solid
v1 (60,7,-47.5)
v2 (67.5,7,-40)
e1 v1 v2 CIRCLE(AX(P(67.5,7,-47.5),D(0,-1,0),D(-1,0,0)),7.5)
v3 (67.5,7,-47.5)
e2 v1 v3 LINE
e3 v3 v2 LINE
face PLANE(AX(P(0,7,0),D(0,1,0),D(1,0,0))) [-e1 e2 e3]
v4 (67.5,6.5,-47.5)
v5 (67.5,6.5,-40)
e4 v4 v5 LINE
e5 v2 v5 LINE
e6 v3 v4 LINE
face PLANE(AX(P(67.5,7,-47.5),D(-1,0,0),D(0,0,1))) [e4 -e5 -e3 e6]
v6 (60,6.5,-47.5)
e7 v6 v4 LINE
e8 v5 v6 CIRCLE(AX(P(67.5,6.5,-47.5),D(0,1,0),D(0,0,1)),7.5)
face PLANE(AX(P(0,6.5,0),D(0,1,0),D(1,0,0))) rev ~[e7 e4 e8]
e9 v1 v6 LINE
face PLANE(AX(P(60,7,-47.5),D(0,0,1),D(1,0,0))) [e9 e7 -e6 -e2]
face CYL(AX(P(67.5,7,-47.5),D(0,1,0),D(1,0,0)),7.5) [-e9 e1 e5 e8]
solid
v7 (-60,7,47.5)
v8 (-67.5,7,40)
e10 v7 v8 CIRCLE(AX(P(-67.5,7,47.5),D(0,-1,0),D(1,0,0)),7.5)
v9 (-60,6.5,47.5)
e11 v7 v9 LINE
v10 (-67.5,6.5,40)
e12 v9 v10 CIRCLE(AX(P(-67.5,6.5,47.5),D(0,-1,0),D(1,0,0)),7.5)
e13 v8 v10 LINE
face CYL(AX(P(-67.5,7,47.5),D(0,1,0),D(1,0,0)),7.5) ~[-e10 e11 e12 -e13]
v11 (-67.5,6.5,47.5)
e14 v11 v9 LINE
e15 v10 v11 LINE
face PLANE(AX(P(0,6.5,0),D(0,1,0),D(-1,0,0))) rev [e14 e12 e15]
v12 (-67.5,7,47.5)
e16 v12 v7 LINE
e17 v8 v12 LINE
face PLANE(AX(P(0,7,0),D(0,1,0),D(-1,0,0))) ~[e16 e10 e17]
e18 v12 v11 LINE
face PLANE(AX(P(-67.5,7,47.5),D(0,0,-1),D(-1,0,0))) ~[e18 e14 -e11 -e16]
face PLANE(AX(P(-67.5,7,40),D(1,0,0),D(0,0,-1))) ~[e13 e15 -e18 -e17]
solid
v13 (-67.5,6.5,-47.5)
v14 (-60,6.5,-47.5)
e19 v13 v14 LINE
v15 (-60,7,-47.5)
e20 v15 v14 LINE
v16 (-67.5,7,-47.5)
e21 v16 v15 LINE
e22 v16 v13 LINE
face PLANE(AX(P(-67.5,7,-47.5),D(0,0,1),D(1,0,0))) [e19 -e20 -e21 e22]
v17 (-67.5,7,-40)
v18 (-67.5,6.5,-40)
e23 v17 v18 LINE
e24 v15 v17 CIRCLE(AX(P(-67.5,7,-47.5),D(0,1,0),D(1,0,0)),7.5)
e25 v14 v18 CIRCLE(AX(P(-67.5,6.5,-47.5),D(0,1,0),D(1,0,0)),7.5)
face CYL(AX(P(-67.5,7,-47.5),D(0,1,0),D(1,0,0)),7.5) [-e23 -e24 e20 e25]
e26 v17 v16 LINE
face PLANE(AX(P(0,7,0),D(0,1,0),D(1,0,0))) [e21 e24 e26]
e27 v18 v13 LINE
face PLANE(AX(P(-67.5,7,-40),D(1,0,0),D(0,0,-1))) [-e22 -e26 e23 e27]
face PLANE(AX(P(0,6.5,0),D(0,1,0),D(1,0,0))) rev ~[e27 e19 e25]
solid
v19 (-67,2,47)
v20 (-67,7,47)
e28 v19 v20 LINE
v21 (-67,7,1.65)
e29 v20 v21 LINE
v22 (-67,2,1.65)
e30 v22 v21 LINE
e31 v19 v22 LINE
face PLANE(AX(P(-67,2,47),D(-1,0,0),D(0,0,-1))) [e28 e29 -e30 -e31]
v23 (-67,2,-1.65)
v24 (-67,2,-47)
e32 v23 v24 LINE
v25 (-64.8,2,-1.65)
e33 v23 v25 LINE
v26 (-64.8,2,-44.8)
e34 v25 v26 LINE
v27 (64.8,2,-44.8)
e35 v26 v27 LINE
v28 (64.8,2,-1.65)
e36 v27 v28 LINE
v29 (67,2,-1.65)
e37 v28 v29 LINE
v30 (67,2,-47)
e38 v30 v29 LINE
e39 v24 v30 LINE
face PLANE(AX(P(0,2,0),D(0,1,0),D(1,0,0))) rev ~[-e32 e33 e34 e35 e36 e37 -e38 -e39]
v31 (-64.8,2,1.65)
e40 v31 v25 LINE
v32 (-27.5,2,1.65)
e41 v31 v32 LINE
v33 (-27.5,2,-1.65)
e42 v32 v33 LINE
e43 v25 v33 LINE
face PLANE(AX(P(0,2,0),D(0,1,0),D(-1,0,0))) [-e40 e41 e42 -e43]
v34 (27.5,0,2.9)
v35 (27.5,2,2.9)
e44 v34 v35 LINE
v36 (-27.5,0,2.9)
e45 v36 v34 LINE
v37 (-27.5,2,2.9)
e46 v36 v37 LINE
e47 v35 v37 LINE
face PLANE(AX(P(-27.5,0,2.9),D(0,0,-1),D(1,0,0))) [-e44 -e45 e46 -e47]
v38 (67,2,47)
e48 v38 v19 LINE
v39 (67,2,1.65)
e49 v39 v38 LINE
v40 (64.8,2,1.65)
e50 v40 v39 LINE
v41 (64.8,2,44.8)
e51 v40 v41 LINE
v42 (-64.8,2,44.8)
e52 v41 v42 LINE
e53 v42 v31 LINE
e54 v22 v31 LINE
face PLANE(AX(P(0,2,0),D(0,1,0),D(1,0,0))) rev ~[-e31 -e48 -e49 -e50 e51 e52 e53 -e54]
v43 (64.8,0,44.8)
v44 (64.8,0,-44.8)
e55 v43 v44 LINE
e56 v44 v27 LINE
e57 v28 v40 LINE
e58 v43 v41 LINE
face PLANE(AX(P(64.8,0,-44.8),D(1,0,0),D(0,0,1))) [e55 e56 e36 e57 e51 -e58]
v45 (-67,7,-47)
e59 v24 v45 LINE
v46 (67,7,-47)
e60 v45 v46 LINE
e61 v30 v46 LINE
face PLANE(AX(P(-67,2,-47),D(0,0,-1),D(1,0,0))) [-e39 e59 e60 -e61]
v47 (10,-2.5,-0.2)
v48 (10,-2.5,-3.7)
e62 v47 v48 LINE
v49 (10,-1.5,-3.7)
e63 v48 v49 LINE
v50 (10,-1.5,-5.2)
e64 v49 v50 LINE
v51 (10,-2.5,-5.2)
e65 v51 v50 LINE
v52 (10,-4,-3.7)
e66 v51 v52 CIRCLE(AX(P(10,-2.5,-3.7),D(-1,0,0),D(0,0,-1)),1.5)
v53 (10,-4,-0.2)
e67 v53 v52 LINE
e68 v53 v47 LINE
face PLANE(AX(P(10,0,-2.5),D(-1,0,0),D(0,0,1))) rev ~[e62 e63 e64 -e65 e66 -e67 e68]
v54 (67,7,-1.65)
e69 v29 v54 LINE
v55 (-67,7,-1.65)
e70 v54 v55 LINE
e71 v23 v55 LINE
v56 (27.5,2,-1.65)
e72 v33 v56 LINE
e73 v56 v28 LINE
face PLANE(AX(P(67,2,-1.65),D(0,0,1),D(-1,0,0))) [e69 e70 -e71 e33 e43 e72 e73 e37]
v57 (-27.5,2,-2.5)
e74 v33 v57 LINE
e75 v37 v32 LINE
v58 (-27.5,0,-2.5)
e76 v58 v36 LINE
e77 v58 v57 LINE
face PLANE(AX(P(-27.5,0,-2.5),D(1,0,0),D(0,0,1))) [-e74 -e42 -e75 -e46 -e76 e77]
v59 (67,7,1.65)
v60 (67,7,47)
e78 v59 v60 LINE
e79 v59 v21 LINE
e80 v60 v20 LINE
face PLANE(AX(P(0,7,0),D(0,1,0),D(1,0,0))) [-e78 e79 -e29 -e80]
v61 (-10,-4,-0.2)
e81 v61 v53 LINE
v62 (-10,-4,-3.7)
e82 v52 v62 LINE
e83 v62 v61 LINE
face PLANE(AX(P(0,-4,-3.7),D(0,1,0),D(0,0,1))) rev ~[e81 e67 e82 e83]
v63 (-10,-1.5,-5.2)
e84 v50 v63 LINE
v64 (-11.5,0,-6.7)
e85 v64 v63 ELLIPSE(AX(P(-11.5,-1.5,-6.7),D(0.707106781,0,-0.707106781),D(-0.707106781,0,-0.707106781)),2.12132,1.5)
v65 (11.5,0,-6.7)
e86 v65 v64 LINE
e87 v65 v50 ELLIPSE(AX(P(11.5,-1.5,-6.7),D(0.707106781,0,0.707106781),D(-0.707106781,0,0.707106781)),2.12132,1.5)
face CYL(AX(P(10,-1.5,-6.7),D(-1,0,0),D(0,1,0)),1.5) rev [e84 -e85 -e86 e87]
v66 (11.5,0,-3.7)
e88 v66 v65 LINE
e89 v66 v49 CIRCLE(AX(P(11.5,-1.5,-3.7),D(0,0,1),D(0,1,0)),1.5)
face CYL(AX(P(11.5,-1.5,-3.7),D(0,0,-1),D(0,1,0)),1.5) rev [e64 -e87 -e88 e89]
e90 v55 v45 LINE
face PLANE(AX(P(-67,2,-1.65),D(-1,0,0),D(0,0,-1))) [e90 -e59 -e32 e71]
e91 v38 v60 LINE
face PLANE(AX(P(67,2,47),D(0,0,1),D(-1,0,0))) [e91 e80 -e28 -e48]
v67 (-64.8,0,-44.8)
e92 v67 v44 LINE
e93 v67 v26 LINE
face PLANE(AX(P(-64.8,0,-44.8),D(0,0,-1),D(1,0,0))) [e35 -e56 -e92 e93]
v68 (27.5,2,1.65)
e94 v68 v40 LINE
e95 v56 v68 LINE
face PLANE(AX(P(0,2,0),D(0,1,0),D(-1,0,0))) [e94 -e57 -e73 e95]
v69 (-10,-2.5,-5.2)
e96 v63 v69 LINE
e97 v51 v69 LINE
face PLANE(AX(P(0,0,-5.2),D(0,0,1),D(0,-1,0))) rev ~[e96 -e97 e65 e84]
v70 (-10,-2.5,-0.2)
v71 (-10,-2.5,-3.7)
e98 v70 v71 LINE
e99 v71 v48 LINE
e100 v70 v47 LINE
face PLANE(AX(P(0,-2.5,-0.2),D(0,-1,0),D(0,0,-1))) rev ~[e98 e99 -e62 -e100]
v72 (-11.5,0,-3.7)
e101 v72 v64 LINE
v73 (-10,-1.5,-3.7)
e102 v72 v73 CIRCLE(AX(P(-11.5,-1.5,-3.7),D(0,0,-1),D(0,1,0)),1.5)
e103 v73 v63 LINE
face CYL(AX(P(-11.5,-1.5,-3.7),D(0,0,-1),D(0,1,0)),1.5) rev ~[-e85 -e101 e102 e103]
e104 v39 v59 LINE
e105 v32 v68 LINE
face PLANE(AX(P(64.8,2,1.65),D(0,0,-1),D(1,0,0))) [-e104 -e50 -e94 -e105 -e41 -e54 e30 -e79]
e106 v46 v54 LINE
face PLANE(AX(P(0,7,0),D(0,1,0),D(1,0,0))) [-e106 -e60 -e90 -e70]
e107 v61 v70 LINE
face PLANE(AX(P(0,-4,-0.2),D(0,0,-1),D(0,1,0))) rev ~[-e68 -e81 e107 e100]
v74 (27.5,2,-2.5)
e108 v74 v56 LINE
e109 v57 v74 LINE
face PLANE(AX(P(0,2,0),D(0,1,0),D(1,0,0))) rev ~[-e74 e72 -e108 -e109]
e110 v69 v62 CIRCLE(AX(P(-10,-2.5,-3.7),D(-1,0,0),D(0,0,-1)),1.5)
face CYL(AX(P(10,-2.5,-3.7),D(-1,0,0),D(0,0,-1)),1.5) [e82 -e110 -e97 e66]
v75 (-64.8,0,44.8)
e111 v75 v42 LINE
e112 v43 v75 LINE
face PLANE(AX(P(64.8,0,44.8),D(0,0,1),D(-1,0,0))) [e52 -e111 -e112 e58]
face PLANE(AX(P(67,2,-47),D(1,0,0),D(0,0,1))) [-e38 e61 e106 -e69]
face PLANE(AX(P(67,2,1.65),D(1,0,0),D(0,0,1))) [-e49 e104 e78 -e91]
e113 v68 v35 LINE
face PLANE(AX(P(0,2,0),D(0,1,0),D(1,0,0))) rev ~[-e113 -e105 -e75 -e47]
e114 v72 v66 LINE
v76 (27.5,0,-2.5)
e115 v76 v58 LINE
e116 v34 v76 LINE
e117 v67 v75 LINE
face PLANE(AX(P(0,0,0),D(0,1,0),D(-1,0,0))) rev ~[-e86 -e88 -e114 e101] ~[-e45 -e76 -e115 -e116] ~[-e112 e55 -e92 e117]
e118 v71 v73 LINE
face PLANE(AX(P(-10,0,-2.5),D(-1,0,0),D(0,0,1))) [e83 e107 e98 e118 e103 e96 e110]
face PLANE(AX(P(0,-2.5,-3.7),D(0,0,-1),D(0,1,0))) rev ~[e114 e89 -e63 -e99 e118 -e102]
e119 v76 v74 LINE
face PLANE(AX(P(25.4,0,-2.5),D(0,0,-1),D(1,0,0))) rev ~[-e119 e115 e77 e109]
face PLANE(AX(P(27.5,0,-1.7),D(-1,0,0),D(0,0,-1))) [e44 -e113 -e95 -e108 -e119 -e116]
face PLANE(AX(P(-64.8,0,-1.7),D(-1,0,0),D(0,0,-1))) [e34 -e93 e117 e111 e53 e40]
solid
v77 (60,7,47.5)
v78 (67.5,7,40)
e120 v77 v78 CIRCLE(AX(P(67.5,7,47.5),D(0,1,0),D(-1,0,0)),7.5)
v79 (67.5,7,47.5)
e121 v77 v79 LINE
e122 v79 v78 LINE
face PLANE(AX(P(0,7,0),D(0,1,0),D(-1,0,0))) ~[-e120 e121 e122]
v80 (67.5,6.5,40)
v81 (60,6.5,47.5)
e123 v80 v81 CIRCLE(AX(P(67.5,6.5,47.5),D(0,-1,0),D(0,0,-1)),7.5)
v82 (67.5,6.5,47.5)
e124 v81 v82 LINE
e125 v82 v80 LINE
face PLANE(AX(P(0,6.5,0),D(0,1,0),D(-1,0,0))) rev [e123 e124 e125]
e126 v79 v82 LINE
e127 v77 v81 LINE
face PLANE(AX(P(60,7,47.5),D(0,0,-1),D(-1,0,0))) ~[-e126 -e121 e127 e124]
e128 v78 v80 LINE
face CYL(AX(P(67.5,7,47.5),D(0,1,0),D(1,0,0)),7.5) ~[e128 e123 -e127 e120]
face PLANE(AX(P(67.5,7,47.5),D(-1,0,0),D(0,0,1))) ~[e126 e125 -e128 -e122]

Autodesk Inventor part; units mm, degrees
ref_plane "YZ Plane" through (0, 0, 0) normal (1, 0, 0) x (0, 1, 0)
ref_plane "XZ Plane" through (0, 0, 0) normal (0, 1, 0) x (-1, 0, 0)
sketch "스케치1" plane through (0, 0, 0) normal (0, 1, 0) x (-1, 0, 0)
  line L0 (64.8, -44.8) -> (-64.8, -44.8)
  line L1 (-64.8, -44.8) -> (-64.8, 44.8)
  line L2 (-64.8, 44.8) -> (64.8, 44.8)
  line L3 (64.8, 44.8) -> (64.8, -44.8)
  line L4 (64.8, -44.8) -> (-64.8, 44.8) construction
  line L5 (-64.8, -44.8) -> (64.8, 44.8) construction
  line L6 (64.8, -1.7) -> (-64.8, -1.7)
  line L7 (-64.8, -1.7) -> (-64.8, 1.7)
  line L8 (-64.8, 1.7) -> (64.8, 1.7)
  line L9 (64.8, 1.7) -> (64.8, -1.7)
  line L10 (64.8, -1.7) -> (-64.8, 1.7) construction
  line L11 (-64.8, -1.7) -> (64.8, 1.7) construction
  line L12 (27.5, 6.5) -> (-27.5, 6.5)
  line L13 (-27.5, 6.5) -> (-27.5, -3.5)
  line L14 (-27.5, -3.5) -> (27.5, -3.5)
  line L15 (27.5, -3.5) -> (27.5, 6.5)
  line L16 (-27.5, -3.5) -> (-24.5, -3.5)
  line L17 (-24.5, -3.5) -> (-24.5, 6.5)
  line L18 (-24.5, 6.5) -> (-27.5, 6.5)
  line L19 (-27.5, 6.5) -> (-27.5, -3.5)
  line L20 (27.5, -3.5) -> (24.5, -3.5)
  line L21 (24.5, -3.5) -> (24.5, 6.5)
  line L22 (24.5, 6.5) -> (27.5, 6.5)
  line L23 (27.5, 6.5) -> (27.5, -3.5)
  line L24 (25.5, -2.5) -> (20.1, -2.5)
  line L25 (20.1, -2.5) -> (20.1, 2.9)
  line L26 (20.1, 2.9) -> (25.5, 2.9)
  line L27 (25.5, 2.9) -> (25.5, -2.5)
  line L28 (13.6, -2.5) -> (13.6, 2.9)
  line L29 (19, -2.5) -> (13.6, -2.5)
  line L30 (19, 2.9) -> (19, -2.5)
  line L31 (13.6, 2.9) -> (19, 2.9)
  line L32 (7.1, -2.5) -> (7.1, 2.9)
  line L33 (12.5, -2.5) -> (7.1, -2.5)
  line L34 (12.5, 2.9) -> (12.5, -2.5)
  line L35 (7.1, 2.9) -> (12.5, 2.9)
  line L36 (0.6, -2.5) -> (0.6, 2.9)
  line L37 (6, -2.5) -> (0.6, -2.5)
  line L38 (6, 2.9) -> (6, -2.5)
  line L39 (0.6, 2.9) -> (6, 2.9)
  line L40 (-5.9, -2.5) -> (-5.9, 2.9)
  line L41 (-0.5, -2.5) -> (-5.9, -2.5)
  line L42 (-0.5, 2.9) -> (-0.5, -2.5)
  line L43 (-5.9, 2.9) -> (-0.5, 2.9)
  line L44 (-12.4, -2.5) -> (-12.4, 2.9)
  line L45 (-7, -2.5) -> (-12.4, -2.5)
  line L46 (-7, 2.9) -> (-7, -2.5)
  line L47 (-12.4, 2.9) -> (-7, 2.9)
  line L48 (-18.9, -2.5) -> (-18.9, 2.9)
  line L49 (-13.5, -2.5) -> (-18.9, -2.5)
  line L50 (-13.5, 2.9) -> (-13.5, -2.5)
  line L51 (-18.9, 2.9) -> (-13.5, 2.9)
  line L52 (-25.4, -2.5) -> (-25.4, 2.9)
  line L53 (-20, -2.5) -> (-25.4, -2.5)
  line L54 (-20, 2.9) -> (-20, -2.5)
  line L55 (-25.4, 2.9) -> (-20, 2.9)
  line L56 (27.5, 2.9) -> (-27.5, 2.9)
  line L57 (27.5, -2.5) -> (-27.5, -2.5)
  point P0 (0, 0)
  point P1 (0, 6.5)
  point P2 (-27.5, 2.9)
  point P3 (27.5, 2.9)
  dimension "d0" = 129.6
  dimension "d1" = 89.6
  dimension "d2" = 3.4
  dimension "d14" = 55
  dimension "d15" = 10
  dimension "d16" = 3
  dimension "d17" = 3
  dimension "d18" = 5.4
  dimension "d19" = 5.4
  dimension "d20" = 2
  dimension "d21" = 1
  dimension "d22" = 6.5
  dimension "d24" = 2.5
extrude "돌출3" add sketch "스케치1" along normal blind 2 contours L0 L1 L6 L13 L14 L15 L3 | L6 L15 L8 L3 | L1 L8 L13 L6 | L8 L15 L12 L13 L1 L2 L3 | L15 L14 L21 L24 L57 | L57 L53 L17 L14 L13 | L56 L26 L21 L12 L15 | L13 L12 L17 L55 L56 | L21 L14 L17 L53 L57 L49 L45 L41 L37 L33 L29 L24 | L26 L56 L31 L35 L39 L43 L47 L51 L55 L17 L12 L21
ref_plane "작업 평면1" through (0, 0, -2.5) normal (-1, 0, 0) x (0, 0, 1)
sketch "스케치6" plane through (0, 0, -2.5) normal (-1, 0, 0) x (0, 0, 1)
  line L0 (-1.2, 0) -> (-2.7, 0)
  line L1 (-2.7, 0) -> (-2.7, -4)
  line L2 (-2.7, -4) -> (-1.2, -4)
  line L3 (-1.2, -4) -> (-1.2, 0)
  line L4 (-2.7, -4) -> (2.3, -4)
  line L5 (2.3, -4) -> (2.3, -2.5)
  line L6 (2.3, -2.5) -> (-2.7, -2.5)
  line L7 (-2.7, -2.5) -> (-2.7, -4)
  point P0 (2.5, 0)
  point P1 (0, 0)
  point P2 (-1.2, -4)
  point P3 (-1.2, -2.5)
  dimension "d37" = 1.5
  dimension "d38" = 1.5
  dimension "d39" = 2.5
  dimension "d40" = 1.2
  dimension "d41" = 5
extrude "돌출5" add sketch "스케치6" along normal mid plane 20
fillet "모깎기1" radius 1.5 4 edges at (-10, 0, -4.45) (0, 0, -5.2) (10, 0, -4.45) (0, -4, -5.2)
sketch "스케치7" plane through (0, 2, 0) normal (0, 1, 0) x (1, 0, 0)
  line L0 (67, -47) -> (-67, -47)
  line L1 (-67, -47) -> (-67, 47)
  line L2 (-67, 47) -> (67, 47)
  line L3 (67, 47) -> (67, -47)
  line L4 (67, -47) -> (-67, 47) construction
  line L5 (-67, -47) -> (67, 47) construction
  line L6 (64.8, 44.8) -> (-64.8, 44.8) projected
  line L7 (-64.8, 44.8) -> (-64.8, -44.8) projected
  line L8 (-64.8, -44.8) -> (64.8, -44.8) projected
  line L9 (64.8, -44.8) -> (64.8, 44.8) projected
  line L10 (27.5, 2.5) -> (27.5, -2.9) projected
  line L11 (27.5, -2.9) -> (-27.5, -2.9) projected
  line L12 (-27.5, -2.9) -> (-27.5, 2.5) projected
  line L13 (-27.5, 2.5) -> (27.5, 2.5) projected
  line L14 (64.8, -44.8) -> (64.8, 44.8) projected
  line L15 (-67, -1.65) -> (67, -1.65)
  line L16 (67, -1.65) -> (67, 1.65)
  line L17 (67, 1.65) -> (-67, 1.65)
  line L18 (-67, 1.65) -> (-67, -1.65)
  line L19 (-67, -1.65) -> (67, 1.65) construction
  line L20 (67, -1.65) -> (-67, 1.65) construction
  point P0 (0, 0)
  point P1 (67, -2.9)
  point P2 (67, 2.5)
  point P3 (0, -2.9)
  point P4 (0, 2.5)
  dimension "d1" = 89.6
  dimension "d45" = 134
  dimension "d46" = 94
  dimension "d58" = 3.3
extrude "돌출6" add sketch "스케치7" along normal blind 5 contours L0 L1 L15 L7 L8 L9 L3 | L17 L9 L6 L7 L1 L2 L3 | L9 L8 L7 L15 L12 L11 L10 | L17 L10 L13 L12 L7 L6 L9 | L10 L11 L12 L15 | L17 L12 L13 L10
sketch "스케치8" plane through (0, 7, 0) normal (0, 1, 0) x (1, 0, 0)
  line L0 (67, 1.65) -> (67, 47) projected
  line L1 (67, 47) -> (-67, 47) projected
  line L2 (-67, 47) -> (-67, 1.65) projected
  line L3 (67.5, 47.5) -> (67.5, 2)
  line L4 (67.5, 2) -> (-67.5, 2)
  line L5 (-67.5, 2) -> (-67.5, 47.5)
  line L6 (-67.5, 47.5) -> (67.5, 47.5)
  circle A0 centre (67.5, 47.5) radius 7.5
  circle A1 centre (-67.5, 47.5) radius 7.5
  line L7 (-67, -47) -> (67, -47) projected
  line L8 (-67, 1.65) -> (67, 1.65) projected
  line L9 (67, -47) -> (67, -1.65) projected
  line L10 (67, -1.65) -> (-67, -1.65) projected
  line L11 (-67, -1.65) -> (-67, -47) projected
  point P0 (0, 0)
  point P1 (67.5, 40)
  point P2 (60, 47.5)
  point P3 (-60, 47.5)
  point P4 (-67.5, 40)
  dimension "d49" = 0.5
  dimension "d50" = 15
  dimension "d56" = 15
extrude "돌출7" add sketch "스케치8" against normal blind 0.5 contours L3 L6 A0 | A1 L6 L5
mirror "미러1" about plane through (0, 0, 0) normal (0, 0, 1) of "돌출7"
properties part number "case_cover_v2"
